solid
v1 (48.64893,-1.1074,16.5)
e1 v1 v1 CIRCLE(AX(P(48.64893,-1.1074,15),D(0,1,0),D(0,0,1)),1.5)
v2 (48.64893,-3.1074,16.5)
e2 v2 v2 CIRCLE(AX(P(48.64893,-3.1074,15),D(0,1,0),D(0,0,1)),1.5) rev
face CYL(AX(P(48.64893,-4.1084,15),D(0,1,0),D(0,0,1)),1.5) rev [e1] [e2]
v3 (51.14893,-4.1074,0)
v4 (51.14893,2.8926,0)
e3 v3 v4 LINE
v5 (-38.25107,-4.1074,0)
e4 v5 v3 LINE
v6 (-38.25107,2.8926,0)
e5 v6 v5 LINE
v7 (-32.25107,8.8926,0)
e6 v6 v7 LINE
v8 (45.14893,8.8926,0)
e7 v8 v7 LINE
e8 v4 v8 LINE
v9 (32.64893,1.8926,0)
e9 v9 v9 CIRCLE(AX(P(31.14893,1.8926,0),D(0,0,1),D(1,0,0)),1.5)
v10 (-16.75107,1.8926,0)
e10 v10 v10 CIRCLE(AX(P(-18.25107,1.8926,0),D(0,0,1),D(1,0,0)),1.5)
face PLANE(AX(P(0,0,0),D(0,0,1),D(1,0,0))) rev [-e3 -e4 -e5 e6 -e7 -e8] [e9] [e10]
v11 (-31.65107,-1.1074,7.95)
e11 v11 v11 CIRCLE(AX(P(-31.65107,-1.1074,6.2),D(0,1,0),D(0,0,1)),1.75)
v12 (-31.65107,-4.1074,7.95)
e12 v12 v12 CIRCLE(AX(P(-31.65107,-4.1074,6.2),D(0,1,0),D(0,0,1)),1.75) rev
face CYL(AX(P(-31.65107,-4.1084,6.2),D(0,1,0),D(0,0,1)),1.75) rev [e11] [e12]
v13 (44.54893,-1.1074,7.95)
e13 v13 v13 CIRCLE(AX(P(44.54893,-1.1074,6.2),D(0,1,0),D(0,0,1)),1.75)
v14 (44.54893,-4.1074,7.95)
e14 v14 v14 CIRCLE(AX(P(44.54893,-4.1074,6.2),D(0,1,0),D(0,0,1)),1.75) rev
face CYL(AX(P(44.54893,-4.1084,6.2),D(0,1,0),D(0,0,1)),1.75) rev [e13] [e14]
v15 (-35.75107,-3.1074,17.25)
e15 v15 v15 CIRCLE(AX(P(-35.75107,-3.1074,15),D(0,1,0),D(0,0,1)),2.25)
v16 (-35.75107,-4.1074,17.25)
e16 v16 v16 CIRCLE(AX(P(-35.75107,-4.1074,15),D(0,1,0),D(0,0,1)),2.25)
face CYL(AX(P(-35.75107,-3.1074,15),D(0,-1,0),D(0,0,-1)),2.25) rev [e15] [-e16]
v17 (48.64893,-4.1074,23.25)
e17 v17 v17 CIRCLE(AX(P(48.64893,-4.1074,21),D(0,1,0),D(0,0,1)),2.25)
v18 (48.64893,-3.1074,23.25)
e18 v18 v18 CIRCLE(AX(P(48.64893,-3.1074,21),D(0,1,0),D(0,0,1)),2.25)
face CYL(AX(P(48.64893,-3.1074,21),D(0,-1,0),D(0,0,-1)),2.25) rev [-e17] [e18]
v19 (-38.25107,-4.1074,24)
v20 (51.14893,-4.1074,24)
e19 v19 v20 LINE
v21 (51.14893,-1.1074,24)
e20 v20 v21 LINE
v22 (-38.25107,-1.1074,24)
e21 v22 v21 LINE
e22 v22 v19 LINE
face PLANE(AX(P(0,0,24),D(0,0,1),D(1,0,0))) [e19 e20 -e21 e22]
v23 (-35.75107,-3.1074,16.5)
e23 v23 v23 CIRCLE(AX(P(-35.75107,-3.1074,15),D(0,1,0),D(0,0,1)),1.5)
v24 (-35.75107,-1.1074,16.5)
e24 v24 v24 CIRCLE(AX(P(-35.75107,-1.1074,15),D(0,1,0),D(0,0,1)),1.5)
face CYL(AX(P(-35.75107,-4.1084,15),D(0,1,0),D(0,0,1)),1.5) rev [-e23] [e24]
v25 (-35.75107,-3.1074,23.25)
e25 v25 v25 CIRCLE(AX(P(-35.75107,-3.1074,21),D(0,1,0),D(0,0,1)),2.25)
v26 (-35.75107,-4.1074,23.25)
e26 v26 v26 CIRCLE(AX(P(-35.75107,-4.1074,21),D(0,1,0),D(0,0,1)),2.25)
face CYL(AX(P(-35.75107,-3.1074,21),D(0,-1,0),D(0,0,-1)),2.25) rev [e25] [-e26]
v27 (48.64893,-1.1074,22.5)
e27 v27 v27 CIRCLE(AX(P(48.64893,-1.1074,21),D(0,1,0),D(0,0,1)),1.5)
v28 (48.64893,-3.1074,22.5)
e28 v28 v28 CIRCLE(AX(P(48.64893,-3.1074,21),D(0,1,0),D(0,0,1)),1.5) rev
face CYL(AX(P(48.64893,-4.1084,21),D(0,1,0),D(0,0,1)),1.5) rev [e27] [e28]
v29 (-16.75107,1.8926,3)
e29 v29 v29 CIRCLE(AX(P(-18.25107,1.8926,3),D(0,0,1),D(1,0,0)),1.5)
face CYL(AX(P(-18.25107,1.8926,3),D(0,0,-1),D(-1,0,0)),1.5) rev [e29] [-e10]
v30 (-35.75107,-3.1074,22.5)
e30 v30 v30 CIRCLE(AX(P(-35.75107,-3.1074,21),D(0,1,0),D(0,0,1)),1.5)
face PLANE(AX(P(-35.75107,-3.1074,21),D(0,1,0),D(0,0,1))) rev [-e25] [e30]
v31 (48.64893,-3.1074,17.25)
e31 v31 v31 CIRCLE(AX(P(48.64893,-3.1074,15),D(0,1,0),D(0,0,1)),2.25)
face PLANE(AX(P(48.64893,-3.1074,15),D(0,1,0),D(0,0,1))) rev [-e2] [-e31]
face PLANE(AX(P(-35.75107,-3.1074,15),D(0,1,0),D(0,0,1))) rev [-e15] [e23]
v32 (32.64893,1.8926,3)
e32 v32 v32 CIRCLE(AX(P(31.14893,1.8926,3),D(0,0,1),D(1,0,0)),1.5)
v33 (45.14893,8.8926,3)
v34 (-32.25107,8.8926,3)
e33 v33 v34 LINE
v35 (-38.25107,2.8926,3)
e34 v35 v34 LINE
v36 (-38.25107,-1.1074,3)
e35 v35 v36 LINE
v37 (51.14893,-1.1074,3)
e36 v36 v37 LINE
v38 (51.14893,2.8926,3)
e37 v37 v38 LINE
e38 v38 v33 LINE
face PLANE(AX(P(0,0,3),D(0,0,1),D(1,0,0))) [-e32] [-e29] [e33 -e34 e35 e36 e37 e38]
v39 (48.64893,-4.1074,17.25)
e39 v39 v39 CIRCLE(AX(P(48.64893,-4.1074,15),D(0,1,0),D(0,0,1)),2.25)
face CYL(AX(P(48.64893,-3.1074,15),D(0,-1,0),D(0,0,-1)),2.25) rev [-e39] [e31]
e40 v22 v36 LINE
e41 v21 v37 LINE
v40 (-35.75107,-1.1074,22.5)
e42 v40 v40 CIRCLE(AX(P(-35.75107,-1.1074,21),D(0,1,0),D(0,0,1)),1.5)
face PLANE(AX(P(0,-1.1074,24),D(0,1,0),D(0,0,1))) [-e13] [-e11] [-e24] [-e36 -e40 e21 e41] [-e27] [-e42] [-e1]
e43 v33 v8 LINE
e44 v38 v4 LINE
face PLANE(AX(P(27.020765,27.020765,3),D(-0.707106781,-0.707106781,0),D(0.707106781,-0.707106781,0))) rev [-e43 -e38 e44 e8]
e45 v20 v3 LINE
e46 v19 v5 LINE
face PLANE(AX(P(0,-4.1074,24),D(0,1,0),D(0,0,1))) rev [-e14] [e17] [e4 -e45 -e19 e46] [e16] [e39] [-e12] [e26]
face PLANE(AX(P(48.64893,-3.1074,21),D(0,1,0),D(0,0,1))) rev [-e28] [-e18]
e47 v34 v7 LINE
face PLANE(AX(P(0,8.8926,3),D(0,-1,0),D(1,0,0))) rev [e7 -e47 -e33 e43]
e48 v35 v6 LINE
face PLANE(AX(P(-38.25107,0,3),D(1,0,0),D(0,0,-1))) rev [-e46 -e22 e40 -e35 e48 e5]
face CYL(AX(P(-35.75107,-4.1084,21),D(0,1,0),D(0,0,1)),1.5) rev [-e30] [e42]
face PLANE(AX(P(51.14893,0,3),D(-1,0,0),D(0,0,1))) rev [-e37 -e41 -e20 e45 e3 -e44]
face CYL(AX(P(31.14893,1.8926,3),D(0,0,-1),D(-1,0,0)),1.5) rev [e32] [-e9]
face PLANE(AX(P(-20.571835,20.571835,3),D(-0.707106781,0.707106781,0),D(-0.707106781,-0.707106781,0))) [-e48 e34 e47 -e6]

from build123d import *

# Parameters (mm, degrees)
SKETCH1_R           = 1.5
BOSS_EXTRUDE1_DEPTH = 3
SKETCH1_3_W         = 89.4
SKETCH1_3_H         = 3
BOSS_EXTRUDE2_DEPTH = 24
CUT_EXTRUDE1_REACH  = 5
SKETCH3_R           = 1.5
SKETCH3_R_2         = 1.75
CUT_EXTRUDE2_START  = -3
SKETCH3_5_R         = 2.25
SKETCH3_5_R_2       = 1.5
CUT_EXTRUDE2_DEPTH  = 1


with BuildPart() as part:
    # Sketch1 → Boss-Extrude1 (new body)
    with BuildSketch(Plane.XY):
        Polygon((-32.2510699, 8.892599614), (-38.2510699, 2.892599614), (-38.2510699, -1.107400386), (51.1489301, -1.107400386), (51.1489301, 2.892599614), (45.1489301, 8.892599614), align=None)
        with Locations((-18.2510699, 1.892599614)):
            Circle(SKETCH1_R, mode=Mode.SUBTRACT)
        with Locations((31.1489301, 1.892599614)):
            Circle(SKETCH1_R, mode=Mode.SUBTRACT)
    extrude(amount=BOSS_EXTRUDE1_DEPTH)

    # Sketch1<3> → Boss-Extrude2 (add)
    with BuildSketch(Plane.XY):
        with Locations((6.4489301, -2.607400386)):
            Rectangle(SKETCH1_3_W, SKETCH1_3_H)
    extrude(amount=BOSS_EXTRUDE2_DEPTH)

    # Sketch3 → Cut-Extrude1 (cut, up to next)
    with BuildSketch(Plane(origin=(0, -1.107400386, 0), x_dir=(1, 0, 0), z_dir=(0, 1, 0)), mode=Mode.PRIVATE) as cut_extrude1_sk1:
        with Locations((48.6489301, -15)):
            Circle(SKETCH3_R)
    cut_extrude1_tool1 = extrude(cut_extrude1_sk1.sketch, amount=-CUT_EXTRUDE1_REACH, mode=Mode.PRIVATE) & part.part
    add(cut_extrude1_tool1.solids().sort_by_distance((48.64893, -1.1074, 15))[0], mode=Mode.SUBTRACT)
    # Sketch3 → Cut-Extrude1 (cut, up to next)
    with BuildSketch(Plane(origin=(0, -1.107400386, 0), x_dir=(1, 0, 0), z_dir=(0, 1, 0)), mode=Mode.PRIVATE) as cut_extrude1_sk2:
        with Locations((48.6489301, -21)):
            Circle(SKETCH3_R)
    cut_extrude1_tool2 = extrude(cut_extrude1_sk2.sketch, amount=-CUT_EXTRUDE1_REACH, mode=Mode.PRIVATE) & part.part
    add(cut_extrude1_tool2.solids().sort_by_distance((48.64893, -1.1074, 21))[0], mode=Mode.SUBTRACT)
    # Sketch3 → Cut-Extrude1 (cut, up to next)
    with BuildSketch(Plane(origin=(0, -1.107400386, 0), x_dir=(1, 0, 0), z_dir=(0, 1, 0)), mode=Mode.PRIVATE) as cut_extrude1_sk3:
        with Locations((-35.7510699, -15)):
            Circle(SKETCH3_R)
    cut_extrude1_tool3 = extrude(cut_extrude1_sk3.sketch, amount=-CUT_EXTRUDE1_REACH, mode=Mode.PRIVATE) & part.part
    add(cut_extrude1_tool3.solids().sort_by_distance((-35.75107, -1.1074, 15))[0], mode=Mode.SUBTRACT)
    # Sketch3 → Cut-Extrude1 (cut, up to next)
    with BuildSketch(Plane(origin=(0, -1.107400386, 0), x_dir=(1, 0, 0), z_dir=(0, 1, 0)), mode=Mode.PRIVATE) as cut_extrude1_sk4:
        with Locations((-35.7510699, -21)):
            Circle(SKETCH3_R)
    cut_extrude1_tool4 = extrude(cut_extrude1_sk4.sketch, amount=-CUT_EXTRUDE1_REACH, mode=Mode.PRIVATE) & part.part
    add(cut_extrude1_tool4.solids().sort_by_distance((-35.75107, -1.1074, 21))[0], mode=Mode.SUBTRACT)
    # Sketch3 → Cut-Extrude1 (cut, up to next)
    with BuildSketch(Plane(origin=(0, -1.107400386, 0), x_dir=(1, 0, 0), z_dir=(0, 1, 0)), mode=Mode.PRIVATE) as cut_extrude1_sk5:
        with Locations((44.5489301, -6.2)):
            Circle(SKETCH3_R_2)
    cut_extrude1_tool5 = extrude(cut_extrude1_sk5.sketch, amount=-CUT_EXTRUDE1_REACH, mode=Mode.PRIVATE) & part.part
    add(cut_extrude1_tool5.solids().sort_by_distance((44.54893, -1.1074, 6.2))[0], mode=Mode.SUBTRACT)
    # Sketch3 → Cut-Extrude1 (cut, up to next)
    with BuildSketch(Plane(origin=(0, -1.107400386, 0), x_dir=(1, 0, 0), z_dir=(0, 1, 0)), mode=Mode.PRIVATE) as cut_extrude1_sk6:
        with Locations((-31.6510699, -6.2)):
            Circle(SKETCH3_R_2)
    cut_extrude1_tool6 = extrude(cut_extrude1_sk6.sketch, amount=-CUT_EXTRUDE1_REACH, mode=Mode.PRIVATE) & part.part
    add(cut_extrude1_tool6.solids().sort_by_distance((-31.65107, -1.1074, 6.2))[0], mode=Mode.SUBTRACT)

    # Sketch3<5> → Cut-Extrude2 (cut)
    with BuildSketch(Plane(origin=(0, -1.107400386, 0), x_dir=(1, 0, 0), z_dir=(0, 1, 0)).offset(CUT_EXTRUDE2_START)):
        with Locations((-35.7510699, -15)):
            Circle(SKETCH3_5_R)
        with Locations((-35.7510699, -15)):
            Circle(SKETCH3_5_R_2, mode=Mode.SUBTRACT)
        with Locations((-35.7510699, -21)):
            Circle(SKETCH3_5_R)
        with Locations((-35.7510699, -21)):
            Circle(SKETCH3_5_R_2, mode=Mode.SUBTRACT)
        with Locations((48.6489301, -15)):
            Circle(SKETCH3_5_R)
        with Locations((48.6489301, -21)):
            Circle(SKETCH3_5_R)
    extrude(amount=CUT_EXTRUDE2_DEPTH, mode=Mode.SUBTRACT)


solid = part.part
